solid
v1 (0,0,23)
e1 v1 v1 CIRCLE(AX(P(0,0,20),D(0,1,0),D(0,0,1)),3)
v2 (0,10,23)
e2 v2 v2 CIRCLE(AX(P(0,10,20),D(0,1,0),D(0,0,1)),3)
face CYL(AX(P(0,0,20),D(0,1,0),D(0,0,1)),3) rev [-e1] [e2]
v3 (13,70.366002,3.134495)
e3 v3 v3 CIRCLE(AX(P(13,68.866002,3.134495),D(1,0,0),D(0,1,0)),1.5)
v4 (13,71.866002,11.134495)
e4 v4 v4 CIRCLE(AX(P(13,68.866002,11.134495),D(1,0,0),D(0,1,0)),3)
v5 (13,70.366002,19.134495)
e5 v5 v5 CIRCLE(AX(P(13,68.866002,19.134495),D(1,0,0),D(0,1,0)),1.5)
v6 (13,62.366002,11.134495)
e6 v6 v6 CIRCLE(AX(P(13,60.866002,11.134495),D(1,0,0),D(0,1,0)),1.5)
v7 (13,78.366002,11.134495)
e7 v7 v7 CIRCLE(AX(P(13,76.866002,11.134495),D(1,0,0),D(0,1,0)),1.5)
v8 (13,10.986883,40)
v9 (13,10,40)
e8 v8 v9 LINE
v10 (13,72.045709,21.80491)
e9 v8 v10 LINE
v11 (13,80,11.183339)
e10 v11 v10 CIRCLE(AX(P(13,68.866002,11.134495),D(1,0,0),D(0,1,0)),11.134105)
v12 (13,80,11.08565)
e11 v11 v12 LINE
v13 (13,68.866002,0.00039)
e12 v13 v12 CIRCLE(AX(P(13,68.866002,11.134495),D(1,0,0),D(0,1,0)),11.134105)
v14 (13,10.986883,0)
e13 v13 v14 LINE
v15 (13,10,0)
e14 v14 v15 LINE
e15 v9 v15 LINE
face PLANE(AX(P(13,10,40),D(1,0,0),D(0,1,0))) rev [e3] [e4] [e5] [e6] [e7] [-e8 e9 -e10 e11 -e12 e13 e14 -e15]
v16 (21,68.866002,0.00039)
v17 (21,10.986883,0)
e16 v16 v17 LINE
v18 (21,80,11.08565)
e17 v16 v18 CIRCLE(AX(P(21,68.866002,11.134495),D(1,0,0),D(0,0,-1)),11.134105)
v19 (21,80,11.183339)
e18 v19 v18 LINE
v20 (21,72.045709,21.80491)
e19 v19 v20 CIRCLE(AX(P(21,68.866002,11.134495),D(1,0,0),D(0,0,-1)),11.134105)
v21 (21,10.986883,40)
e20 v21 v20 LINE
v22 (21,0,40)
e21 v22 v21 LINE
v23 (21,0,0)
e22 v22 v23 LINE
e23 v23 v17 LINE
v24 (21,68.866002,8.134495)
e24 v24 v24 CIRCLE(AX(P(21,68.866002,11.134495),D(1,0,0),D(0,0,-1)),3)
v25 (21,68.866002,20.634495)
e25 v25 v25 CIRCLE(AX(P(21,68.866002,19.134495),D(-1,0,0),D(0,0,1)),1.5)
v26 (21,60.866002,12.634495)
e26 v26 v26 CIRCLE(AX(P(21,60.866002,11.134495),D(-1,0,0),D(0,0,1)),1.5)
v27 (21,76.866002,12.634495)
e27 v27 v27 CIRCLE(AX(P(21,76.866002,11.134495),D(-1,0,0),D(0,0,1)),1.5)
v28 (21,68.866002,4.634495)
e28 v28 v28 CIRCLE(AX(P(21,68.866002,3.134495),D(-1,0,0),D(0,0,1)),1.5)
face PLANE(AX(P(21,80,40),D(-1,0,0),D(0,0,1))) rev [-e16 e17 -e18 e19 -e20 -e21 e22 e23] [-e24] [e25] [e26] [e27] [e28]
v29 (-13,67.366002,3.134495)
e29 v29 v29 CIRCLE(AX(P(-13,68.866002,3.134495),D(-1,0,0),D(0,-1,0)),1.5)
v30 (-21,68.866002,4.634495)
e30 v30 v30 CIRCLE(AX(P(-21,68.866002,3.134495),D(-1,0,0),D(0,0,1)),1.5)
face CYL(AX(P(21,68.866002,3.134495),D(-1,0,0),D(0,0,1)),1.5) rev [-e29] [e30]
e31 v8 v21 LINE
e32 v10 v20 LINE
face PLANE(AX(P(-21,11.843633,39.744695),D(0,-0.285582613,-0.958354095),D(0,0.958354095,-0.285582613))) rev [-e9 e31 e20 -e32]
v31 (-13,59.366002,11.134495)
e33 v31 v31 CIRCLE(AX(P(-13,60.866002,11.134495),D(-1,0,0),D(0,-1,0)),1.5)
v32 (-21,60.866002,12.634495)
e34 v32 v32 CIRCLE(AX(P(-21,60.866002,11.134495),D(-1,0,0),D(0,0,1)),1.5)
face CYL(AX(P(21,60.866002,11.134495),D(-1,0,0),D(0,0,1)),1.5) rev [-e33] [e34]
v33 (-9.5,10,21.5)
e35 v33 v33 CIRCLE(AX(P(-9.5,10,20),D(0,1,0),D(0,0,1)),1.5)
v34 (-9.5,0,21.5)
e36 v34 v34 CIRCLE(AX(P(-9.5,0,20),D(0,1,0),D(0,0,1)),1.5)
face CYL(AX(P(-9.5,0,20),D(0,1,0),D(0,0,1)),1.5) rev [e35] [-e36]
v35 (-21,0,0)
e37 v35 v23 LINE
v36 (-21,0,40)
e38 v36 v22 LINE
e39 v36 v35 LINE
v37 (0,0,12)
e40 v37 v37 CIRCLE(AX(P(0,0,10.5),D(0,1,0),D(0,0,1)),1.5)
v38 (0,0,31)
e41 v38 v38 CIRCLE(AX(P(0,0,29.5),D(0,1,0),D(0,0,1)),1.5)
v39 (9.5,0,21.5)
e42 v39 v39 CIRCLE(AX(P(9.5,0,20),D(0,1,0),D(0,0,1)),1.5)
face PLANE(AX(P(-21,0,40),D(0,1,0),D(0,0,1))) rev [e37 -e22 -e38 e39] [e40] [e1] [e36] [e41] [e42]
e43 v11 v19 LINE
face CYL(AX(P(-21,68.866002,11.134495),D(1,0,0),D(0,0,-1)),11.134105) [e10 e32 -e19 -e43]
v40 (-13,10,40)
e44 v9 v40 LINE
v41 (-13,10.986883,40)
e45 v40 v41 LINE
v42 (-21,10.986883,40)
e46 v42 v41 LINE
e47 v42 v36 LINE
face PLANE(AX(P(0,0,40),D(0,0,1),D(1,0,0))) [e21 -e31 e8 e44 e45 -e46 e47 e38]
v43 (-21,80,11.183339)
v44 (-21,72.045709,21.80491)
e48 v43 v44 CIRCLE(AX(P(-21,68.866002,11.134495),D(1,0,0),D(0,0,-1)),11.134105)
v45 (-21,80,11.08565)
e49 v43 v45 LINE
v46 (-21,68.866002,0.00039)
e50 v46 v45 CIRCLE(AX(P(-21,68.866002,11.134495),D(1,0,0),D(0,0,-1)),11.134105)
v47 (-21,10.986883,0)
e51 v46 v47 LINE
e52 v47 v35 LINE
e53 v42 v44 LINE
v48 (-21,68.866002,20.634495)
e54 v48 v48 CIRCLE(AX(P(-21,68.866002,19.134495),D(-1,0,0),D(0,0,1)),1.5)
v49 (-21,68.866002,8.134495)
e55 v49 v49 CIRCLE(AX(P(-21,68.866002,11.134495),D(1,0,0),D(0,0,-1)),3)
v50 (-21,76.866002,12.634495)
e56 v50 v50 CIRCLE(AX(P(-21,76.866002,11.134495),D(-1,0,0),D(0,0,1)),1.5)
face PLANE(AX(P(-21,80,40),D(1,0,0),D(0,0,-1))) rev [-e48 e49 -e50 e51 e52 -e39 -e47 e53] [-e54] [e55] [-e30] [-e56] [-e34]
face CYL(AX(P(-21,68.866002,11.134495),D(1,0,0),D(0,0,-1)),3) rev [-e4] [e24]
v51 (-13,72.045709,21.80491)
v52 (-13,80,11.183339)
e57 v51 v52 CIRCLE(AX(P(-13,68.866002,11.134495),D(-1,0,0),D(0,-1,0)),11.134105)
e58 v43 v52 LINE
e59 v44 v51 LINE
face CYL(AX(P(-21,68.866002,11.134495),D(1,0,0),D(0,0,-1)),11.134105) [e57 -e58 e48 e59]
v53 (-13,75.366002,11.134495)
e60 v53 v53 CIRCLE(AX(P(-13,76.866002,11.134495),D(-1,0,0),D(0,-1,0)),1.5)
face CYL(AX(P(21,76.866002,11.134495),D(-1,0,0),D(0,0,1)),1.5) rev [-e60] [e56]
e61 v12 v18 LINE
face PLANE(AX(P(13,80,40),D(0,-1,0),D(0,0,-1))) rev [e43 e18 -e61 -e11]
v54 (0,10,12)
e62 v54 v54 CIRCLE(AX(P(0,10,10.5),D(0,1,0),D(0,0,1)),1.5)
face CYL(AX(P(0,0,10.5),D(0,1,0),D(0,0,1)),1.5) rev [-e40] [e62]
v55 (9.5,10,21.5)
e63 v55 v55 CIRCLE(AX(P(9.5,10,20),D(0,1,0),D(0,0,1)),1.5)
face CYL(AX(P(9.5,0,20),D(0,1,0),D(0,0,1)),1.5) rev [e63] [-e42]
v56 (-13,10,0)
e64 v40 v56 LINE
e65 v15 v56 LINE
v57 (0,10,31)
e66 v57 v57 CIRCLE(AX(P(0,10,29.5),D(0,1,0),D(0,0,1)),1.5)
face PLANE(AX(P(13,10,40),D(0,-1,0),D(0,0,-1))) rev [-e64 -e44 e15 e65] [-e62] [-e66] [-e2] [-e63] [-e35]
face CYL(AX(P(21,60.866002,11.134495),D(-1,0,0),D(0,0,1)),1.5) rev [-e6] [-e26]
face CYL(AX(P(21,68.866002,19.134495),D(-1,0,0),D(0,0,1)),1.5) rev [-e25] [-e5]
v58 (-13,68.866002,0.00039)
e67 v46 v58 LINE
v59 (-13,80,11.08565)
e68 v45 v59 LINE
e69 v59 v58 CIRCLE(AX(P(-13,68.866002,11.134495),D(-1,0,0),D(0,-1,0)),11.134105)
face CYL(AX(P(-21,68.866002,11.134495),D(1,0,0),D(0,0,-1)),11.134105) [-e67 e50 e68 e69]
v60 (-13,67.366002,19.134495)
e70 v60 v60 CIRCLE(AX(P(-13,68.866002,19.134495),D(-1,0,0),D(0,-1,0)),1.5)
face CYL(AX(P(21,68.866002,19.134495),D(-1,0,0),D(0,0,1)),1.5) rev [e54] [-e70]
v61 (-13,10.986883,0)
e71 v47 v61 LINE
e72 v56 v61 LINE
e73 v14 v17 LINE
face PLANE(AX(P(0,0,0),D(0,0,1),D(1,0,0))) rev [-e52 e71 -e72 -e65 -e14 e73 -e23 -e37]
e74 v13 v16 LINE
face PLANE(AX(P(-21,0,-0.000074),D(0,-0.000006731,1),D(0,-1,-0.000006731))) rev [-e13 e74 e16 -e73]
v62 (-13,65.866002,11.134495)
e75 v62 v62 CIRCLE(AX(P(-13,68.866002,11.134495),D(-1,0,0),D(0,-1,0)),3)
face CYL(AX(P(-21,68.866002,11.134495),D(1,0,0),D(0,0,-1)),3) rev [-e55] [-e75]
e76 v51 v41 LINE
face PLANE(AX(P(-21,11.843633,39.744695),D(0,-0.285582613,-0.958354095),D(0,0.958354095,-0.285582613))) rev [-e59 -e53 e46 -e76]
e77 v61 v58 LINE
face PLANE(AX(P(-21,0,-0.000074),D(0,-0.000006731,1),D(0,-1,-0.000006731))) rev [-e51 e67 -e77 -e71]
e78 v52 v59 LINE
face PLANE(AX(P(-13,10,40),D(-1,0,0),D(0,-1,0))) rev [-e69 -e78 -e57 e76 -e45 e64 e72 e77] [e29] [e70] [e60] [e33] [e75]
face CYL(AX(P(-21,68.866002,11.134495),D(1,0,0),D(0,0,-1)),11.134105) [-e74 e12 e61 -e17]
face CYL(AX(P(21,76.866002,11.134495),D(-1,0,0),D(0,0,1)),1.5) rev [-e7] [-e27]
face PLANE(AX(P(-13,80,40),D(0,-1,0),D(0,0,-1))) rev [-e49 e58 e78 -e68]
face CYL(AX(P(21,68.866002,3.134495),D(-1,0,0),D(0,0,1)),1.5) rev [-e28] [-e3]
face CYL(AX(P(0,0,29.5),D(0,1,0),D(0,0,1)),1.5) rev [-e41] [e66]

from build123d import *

# Parameters (mm, degrees)
DODANIE_WYCI_GNI_CIE1_DEPTH = 40
SZKIC2_R                    = 3
WYTNIJ_WYCI_GNI_CIE1_DEPTH  = 43
SZKIC3_R                    = 3
SZKIC3_R_2                  = 1.5
WYTNIJ_WYCI_GNI_CIE2_DEPTH  = 11
SZKIC4_R                    = 1.5
WYTNIJ_WYCI_GNI_CIE3_DEPTH  = 43


with BuildPart() as part:
    # Szkic1 → Dodanie-wyciągnięcie1 (new body)
    with BuildSketch(Plane.XY):
        Polygon((13, 10), (-13, 10), (-13, 80), (-21, 80), (-21, 0), (21, 0), (21, 80), (13, 80), align=None)
    extrude(amount=DODANIE_WYCI_GNI_CIE1_DEPTH)

    # Szkic2 → Wytnij-wyciągnięcie1 (cut, through all)
    with BuildSketch(Plane(origin=(21, 0, 0), x_dir=(0, 0, -1), z_dir=(1, 0, 0))):
        with BuildLine():
            Line((-40, 80), (-40, 10.986882517))
            Line((-40, 10.986882517), (-21.804909779, 72.045708909))
            ThreePointArc((-21.804909779, 72.045708909), (-17.808572792, 77.778071195), (-11.183339281, 80))
            Line((-11.183339281, 80), (-40, 80))
        make_face()
        with BuildLine():
            Line((-0.000389565, 68.866002091), (0, 10.986882517))
            Line((0, 10.986882517), (0, 80))
            Line((0, 80), (-11.085649948, 80))
            ThreePointArc((-11.085649948, 80), (-3.244243133, 76.721715095), (-0.000389565, 68.866002091))
        make_face()
        with Locations((-11.134494614, 68.866002091)):
            Circle(SZKIC2_R)
    extrude(amount=-WYTNIJ_WYCI_GNI_CIE1_DEPTH, mode=Mode.SUBTRACT)

    # Szkic3 → Wytnij-wyciągnięcie2 (cut, through all)
    with BuildSketch(Plane(origin=(0, 10, 0), x_dir=(1, 0, 0), z_dir=(0, 1, 0))):
        with Locations((0, -20)):
            Circle(SZKIC3_R)
        with Locations((0, -10.5)):
            Circle(SZKIC3_R_2)
        with Locations((9.5, -20)):
            Circle(SZKIC3_R_2)
        with Locations((0, -29.5)):
            Circle(SZKIC3_R_2)
        with Locations((-9.5, -20)):
            Circle(SZKIC3_R_2)
    extrude(amount=-WYTNIJ_WYCI_GNI_CIE2_DEPTH, mode=Mode.SUBTRACT)

    # Szkic4 → Wytnij-wyciągnięcie3 (cut, through all)
    with BuildSketch(Plane.ZY.offset(21)):
        with Locations((3.134494614, 68.866002091)):
            Circle(SZKIC4_R)
        with Locations((11.134494614, 76.866002091)):
            Circle(SZKIC4_R)
        with Locations((19.134494614, 68.866002091)):
            Circle(SZKIC4_R)
        with Locations((11.134494614, 60.866002091)):
            Circle(SZKIC4_R)
    extrude(amount=-WYTNIJ_WYCI_GNI_CIE3_DEPTH, mode=Mode.SUBTRACT)


solid = part.part
